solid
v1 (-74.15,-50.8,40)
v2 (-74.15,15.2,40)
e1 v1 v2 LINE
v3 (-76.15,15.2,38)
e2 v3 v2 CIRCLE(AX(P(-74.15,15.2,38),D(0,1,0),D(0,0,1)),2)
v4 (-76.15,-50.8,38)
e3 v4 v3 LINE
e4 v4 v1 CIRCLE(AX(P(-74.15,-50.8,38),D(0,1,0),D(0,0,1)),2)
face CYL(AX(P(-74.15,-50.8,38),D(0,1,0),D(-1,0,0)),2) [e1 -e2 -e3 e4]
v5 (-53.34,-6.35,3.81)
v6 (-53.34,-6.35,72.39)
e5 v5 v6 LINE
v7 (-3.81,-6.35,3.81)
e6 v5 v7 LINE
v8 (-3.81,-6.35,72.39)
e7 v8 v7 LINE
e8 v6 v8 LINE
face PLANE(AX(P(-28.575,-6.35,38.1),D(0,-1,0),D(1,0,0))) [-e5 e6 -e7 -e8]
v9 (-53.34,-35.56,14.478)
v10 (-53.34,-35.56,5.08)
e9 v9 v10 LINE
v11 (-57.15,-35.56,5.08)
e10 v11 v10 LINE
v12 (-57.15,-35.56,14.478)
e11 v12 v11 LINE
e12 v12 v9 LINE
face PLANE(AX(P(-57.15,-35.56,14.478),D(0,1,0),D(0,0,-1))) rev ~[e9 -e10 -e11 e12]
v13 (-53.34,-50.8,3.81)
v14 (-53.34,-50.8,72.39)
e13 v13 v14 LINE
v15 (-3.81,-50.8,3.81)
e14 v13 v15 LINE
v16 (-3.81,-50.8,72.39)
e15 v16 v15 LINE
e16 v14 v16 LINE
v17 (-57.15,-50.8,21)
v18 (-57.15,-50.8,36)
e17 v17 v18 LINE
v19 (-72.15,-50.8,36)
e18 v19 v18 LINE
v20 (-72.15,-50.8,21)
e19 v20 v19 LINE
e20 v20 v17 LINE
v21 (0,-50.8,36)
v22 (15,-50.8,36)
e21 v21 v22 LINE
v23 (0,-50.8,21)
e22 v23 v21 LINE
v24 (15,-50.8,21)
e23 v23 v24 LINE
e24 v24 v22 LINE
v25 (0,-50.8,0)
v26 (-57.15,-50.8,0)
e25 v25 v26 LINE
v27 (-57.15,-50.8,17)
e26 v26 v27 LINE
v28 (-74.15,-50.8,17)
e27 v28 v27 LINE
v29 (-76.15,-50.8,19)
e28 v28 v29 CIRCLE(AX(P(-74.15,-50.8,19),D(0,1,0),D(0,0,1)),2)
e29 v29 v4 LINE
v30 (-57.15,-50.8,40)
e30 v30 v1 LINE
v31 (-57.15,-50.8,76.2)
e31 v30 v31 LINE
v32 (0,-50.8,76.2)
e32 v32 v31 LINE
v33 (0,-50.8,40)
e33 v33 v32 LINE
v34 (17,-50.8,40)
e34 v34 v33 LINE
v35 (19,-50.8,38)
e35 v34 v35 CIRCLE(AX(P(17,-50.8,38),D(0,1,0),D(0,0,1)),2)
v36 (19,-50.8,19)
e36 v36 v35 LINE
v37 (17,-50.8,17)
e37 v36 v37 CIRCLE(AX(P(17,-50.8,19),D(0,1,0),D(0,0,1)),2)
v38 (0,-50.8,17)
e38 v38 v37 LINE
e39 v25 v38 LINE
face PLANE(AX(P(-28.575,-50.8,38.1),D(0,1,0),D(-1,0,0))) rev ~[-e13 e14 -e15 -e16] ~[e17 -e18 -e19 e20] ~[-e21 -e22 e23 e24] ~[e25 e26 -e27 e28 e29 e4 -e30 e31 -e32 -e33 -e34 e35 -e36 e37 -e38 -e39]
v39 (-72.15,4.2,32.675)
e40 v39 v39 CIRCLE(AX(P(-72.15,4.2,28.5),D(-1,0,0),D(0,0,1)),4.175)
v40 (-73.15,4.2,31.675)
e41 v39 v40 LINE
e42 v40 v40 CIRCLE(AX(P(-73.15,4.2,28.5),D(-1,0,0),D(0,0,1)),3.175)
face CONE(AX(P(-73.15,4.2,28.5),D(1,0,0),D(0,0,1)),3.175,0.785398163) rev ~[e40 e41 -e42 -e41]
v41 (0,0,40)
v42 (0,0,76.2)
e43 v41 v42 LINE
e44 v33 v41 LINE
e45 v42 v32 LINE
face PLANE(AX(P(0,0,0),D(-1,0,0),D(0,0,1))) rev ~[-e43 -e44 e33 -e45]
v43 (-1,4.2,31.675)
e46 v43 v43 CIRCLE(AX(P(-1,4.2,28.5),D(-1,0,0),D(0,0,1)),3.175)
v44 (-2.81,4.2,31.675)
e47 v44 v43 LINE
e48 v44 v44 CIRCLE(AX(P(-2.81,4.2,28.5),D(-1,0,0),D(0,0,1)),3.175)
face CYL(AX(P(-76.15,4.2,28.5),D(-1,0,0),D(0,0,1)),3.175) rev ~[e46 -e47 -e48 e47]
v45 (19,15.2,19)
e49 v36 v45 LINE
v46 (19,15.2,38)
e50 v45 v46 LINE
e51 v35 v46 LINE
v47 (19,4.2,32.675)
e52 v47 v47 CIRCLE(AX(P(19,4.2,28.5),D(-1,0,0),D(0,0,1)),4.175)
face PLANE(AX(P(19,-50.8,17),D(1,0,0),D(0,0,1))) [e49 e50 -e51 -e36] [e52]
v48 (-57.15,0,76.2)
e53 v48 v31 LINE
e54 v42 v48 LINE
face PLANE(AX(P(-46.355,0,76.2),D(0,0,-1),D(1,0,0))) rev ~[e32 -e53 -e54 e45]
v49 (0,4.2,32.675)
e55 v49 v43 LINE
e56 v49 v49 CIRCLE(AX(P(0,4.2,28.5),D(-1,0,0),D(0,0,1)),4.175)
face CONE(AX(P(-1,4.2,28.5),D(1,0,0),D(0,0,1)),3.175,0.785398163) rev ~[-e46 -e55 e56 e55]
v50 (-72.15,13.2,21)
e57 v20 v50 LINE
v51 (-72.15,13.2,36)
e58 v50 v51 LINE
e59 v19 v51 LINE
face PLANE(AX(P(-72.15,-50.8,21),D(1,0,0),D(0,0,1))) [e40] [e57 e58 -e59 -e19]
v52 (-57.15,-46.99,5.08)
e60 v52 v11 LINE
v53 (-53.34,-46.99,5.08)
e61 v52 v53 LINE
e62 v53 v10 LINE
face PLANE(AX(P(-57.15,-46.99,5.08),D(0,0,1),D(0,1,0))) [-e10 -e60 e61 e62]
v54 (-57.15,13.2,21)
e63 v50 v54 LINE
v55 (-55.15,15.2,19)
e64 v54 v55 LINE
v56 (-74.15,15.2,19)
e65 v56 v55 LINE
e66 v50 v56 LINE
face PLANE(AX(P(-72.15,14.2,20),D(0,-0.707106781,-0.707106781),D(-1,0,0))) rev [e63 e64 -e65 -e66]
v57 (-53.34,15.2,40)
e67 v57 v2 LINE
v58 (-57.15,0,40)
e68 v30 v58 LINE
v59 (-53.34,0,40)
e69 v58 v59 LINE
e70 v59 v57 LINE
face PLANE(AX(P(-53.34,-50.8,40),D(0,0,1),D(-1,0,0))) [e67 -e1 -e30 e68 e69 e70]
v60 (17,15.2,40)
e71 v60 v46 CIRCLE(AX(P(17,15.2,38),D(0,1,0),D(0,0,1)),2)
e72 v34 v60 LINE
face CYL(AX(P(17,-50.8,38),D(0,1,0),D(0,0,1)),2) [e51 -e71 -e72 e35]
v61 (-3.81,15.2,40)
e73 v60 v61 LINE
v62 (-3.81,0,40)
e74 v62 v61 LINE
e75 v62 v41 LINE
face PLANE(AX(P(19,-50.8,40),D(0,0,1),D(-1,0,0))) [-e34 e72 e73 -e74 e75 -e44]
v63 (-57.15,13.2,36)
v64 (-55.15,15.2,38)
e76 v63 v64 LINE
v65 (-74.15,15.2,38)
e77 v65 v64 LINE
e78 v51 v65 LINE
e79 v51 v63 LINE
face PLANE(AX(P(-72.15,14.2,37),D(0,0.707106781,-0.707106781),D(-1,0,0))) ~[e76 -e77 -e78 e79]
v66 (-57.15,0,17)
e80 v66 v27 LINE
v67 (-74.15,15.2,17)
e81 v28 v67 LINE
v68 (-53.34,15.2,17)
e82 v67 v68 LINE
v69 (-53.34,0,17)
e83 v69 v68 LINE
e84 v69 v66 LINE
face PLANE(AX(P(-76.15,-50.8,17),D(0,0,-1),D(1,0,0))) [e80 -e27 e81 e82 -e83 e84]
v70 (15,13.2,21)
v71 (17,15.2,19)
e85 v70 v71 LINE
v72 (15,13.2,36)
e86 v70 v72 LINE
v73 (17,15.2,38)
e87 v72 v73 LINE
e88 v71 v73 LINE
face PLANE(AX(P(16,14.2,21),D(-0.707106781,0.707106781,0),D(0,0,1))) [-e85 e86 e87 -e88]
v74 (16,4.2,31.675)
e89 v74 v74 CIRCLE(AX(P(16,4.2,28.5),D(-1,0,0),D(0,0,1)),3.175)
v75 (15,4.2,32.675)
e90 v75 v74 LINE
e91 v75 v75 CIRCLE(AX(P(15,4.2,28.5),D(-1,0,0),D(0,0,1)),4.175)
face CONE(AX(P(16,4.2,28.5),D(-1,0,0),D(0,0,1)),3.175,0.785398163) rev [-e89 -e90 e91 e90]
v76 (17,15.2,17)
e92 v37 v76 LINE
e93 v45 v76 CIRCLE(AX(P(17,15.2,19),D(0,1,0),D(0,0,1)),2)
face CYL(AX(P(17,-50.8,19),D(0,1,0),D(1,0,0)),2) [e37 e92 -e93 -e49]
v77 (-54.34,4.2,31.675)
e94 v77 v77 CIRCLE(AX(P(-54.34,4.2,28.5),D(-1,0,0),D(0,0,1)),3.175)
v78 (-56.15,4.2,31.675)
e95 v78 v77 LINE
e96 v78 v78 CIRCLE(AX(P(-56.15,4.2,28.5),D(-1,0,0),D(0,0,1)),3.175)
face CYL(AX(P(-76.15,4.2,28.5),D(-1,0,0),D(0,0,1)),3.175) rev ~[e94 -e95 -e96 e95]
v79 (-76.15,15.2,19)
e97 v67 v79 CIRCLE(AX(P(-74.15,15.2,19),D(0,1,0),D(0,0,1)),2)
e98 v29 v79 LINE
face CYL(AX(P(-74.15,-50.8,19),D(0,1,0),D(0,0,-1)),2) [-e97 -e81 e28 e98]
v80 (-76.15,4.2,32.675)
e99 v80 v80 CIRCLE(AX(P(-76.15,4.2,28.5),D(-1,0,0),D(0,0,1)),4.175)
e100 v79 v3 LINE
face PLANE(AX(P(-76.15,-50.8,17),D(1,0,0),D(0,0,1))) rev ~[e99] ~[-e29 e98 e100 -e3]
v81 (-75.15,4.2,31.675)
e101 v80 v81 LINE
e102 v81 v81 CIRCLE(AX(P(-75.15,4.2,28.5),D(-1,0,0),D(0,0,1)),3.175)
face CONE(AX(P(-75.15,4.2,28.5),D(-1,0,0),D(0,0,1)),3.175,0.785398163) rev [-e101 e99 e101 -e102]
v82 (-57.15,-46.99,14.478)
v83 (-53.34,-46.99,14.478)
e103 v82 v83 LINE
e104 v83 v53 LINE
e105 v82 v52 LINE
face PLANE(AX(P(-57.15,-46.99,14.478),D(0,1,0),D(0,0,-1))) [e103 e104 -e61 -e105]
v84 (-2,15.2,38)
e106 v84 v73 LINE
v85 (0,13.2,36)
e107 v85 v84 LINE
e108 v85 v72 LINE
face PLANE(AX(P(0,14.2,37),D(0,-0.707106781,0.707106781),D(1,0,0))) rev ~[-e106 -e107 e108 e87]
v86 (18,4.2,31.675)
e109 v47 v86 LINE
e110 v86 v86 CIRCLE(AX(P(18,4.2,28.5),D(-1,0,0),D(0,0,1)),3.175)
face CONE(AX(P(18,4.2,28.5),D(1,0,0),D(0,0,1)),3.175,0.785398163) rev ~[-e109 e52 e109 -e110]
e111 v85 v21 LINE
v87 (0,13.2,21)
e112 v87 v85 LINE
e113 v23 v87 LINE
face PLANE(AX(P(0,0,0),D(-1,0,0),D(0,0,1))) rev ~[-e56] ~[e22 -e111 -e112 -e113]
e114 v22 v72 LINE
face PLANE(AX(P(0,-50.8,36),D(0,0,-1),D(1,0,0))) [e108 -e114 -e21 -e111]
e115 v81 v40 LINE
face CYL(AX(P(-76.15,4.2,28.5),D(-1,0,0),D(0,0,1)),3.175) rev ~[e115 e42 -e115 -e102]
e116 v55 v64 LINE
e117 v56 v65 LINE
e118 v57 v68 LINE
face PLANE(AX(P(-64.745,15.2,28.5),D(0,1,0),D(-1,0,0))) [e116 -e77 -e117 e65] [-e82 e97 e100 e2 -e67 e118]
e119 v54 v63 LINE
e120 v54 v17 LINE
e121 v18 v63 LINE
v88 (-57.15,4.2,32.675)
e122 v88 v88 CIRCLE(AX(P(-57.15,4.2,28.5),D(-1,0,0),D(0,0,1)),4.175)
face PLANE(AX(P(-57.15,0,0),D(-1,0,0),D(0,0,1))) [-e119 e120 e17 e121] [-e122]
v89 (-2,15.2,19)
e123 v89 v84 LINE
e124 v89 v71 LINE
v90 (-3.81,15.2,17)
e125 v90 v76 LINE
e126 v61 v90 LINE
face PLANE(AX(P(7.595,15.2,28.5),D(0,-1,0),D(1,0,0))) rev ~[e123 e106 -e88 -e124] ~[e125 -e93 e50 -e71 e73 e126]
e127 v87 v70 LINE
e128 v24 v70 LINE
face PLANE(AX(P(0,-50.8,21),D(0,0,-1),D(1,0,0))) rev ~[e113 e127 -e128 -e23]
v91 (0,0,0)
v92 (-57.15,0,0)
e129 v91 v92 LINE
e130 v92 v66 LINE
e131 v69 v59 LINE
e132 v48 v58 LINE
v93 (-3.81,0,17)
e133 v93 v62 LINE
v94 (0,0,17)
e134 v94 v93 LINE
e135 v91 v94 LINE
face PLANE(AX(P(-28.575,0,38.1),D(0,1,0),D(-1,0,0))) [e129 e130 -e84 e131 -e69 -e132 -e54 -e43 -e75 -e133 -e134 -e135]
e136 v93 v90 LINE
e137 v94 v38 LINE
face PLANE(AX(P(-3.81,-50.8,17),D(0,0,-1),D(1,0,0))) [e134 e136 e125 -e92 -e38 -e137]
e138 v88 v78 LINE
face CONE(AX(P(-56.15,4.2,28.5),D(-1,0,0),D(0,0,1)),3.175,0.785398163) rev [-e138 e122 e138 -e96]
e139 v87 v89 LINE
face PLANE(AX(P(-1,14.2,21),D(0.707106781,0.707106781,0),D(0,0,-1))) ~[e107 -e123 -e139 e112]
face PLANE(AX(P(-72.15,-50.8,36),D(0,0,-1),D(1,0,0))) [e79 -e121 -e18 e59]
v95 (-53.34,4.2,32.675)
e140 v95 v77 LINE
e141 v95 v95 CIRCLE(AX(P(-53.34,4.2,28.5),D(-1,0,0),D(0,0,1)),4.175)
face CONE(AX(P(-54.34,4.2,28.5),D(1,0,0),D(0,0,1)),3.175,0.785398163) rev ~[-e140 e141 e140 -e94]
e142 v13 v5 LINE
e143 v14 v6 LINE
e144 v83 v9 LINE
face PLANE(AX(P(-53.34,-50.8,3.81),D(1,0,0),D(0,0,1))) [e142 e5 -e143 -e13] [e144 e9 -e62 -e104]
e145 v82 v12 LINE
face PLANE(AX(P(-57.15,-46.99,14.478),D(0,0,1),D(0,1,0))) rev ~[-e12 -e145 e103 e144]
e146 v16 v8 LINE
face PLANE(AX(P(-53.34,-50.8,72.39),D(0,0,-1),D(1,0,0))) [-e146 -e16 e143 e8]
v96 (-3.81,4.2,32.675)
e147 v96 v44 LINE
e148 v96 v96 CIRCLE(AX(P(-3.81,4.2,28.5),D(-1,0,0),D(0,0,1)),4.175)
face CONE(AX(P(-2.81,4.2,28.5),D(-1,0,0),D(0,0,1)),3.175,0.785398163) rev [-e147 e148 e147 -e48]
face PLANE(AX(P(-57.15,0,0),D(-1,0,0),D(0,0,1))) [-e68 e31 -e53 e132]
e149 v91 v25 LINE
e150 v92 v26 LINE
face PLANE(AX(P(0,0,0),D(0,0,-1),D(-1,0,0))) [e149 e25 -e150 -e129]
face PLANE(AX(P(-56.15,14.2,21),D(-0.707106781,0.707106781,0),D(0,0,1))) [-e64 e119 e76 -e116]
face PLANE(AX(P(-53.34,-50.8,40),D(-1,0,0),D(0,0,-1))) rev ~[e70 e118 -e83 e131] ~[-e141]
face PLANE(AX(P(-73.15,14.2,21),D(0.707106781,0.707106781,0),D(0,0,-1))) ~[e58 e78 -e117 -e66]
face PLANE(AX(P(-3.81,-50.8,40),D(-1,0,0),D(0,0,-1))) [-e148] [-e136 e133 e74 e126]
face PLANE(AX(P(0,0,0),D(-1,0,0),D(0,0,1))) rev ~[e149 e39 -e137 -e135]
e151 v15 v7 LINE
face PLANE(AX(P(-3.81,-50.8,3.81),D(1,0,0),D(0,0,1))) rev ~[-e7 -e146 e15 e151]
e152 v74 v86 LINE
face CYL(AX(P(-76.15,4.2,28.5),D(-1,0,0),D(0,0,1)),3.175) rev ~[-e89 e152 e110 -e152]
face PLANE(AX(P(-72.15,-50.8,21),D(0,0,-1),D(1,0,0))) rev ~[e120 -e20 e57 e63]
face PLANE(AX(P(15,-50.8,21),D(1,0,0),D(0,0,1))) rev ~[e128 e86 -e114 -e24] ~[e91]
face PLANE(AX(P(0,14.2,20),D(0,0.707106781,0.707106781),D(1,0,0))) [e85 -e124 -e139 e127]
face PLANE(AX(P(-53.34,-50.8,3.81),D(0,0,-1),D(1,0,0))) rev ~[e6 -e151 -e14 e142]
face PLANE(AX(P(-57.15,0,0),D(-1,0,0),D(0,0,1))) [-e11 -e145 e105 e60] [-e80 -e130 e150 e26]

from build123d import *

# Parameters (mm, degrees)
SKETCH3_W                         = 57.15
SKETCH3_H                         = 76.2
BOSS_EXTRUDE2_DEPTH               = 50.8
SKETCH4_W                         = 49.53
SKETCH4_H                         = 68.58
CUT_EXTRUDE2_DEPTH                = 44.45
CUT_EXTRUDE3_REACH                = 109.95
SKETCH5_W                         = 9.398
SKETCH5_H                         = 11.43
MOTOR_MOUNTING_SHAPE_DEPTH        = 57.15
MOTOR_MOUNTING_HOLES_REACH        = 131.428
SKETCH8_R                         = 1.6
SKETCH7_W                         = 7.62
SKETCH7_H                         = 29.66
TRAY_SUPPORT_MOUNTING_SHAPE_DEPTH = 44.45
SKETCH9_W                         = 15
SKETCH9_H                         = 15
BOSS_EXTRUDE3_DEPTH               = 66
SKETCH10_R                        = 3.175
CUT_EXTRUDE4_DEPTH                = 133.062873284
CHAMFER1_SIZE                     = 2
FILLET1_R                         = 2
CHAMFER2_SIZE                     = 1
CUT_EXTRUDE5_DEPTH                = 120.104586394


with BuildPart() as part:
    # Sketch3 → Boss-Extrude2 (new body)
    with BuildSketch(Plane(origin=(0, 0, 0), x_dir=(-1, 0, 0), z_dir=(0, 1, 0))):
        with Locations((28.575, 38.1)):
            Rectangle(SKETCH3_W, SKETCH3_H)
    extrude(amount=-BOSS_EXTRUDE2_DEPTH)

    # Sketch4 → Cut-Extrude2 (cut)
    with BuildSketch(Plane.XZ.offset(50.8)):
        with Locations((-28.575, 38.1)):
            Rectangle(SKETCH4_W, SKETCH4_H)
    extrude(amount=-CUT_EXTRUDE2_DEPTH, mode=Mode.SUBTRACT)

    # Sketch5 → Cut-Extrude3 (cut, up to next)
    with BuildSketch(Plane(origin=(-57.15, 0, 0), x_dir=(0, 0, -1), z_dir=(1, 0, 0)), mode=Mode.PRIVATE) as cut_extrude3_sk1:
        with Locations((-9.779, -41.275)):
            Rectangle(SKETCH5_W, SKETCH5_H)
    cut_extrude3_tool1 = extrude(cut_extrude3_sk1.sketch, amount=CUT_EXTRUDE3_REACH, mode=Mode.PRIVATE) & part.part
    add(cut_extrude3_tool1.solids().sort_by_distance((-57.15, -41.275, 9.779))[0], mode=Mode.SUBTRACT)

    # Sketch6 → Motor Mounting Shape (add)
    with BuildSketch(Plane.ZY.offset(57.15)):
        Polygon((46.54, 0), (46.54, 36.83), (0, 36.83), (0, 34.29), (44, 34.29), (44, 0), align=None)
    extrude(amount=-MOTOR_MOUNTING_SHAPE_DEPTH)

    # Sketch8 → Motor-Mounting-Holes (cut, up to next)
    with BuildSketch(Plane(origin=(0, 36.83, 0), x_dir=(1, 0, 0), z_dir=(0, 1, 0)), mode=Mode.PRIVATE) as motor_mounting_holes_sk1:
        with Locations(Location((-44.075, -7.77, 0), (0, 0, 270))):
            Circle(SKETCH8_R)
    motor_mounting_holes_tool1 = extrude(motor_mounting_holes_sk1.sketch, amount=-MOTOR_MOUNTING_HOLES_REACH, mode=Mode.PRIVATE) & part.part
    # Sketch8 → Motor-Mounting-Holes (cut, up to next)
    with BuildSketch(Plane(origin=(0, 36.83, 0), x_dir=(1, 0, 0), z_dir=(0, 1, 0)), mode=Mode.PRIVATE) as motor_mounting_holes_sk2:
        with Locations(Location((-13.075, -7.77, 0), (0, 0, 270))):
            Circle(SKETCH8_R)
    motor_mounting_holes_tool2 = extrude(motor_mounting_holes_sk2.sketch, amount=-MOTOR_MOUNTING_HOLES_REACH, mode=Mode.PRIVATE) & part.part
    # Sketch8 → Motor-Mounting-Holes (cut, up to next)
    with BuildSketch(Plane(origin=(0, 36.83, 0), x_dir=(1, 0, 0), z_dir=(0, 1, 0)), mode=Mode.PRIVATE) as motor_mounting_holes_sk3:
        with Locations(Location((-13.075, -38.77, 0), (0, 0, 270))):
            Circle(SKETCH8_R)
    motor_mounting_holes_tool3 = extrude(motor_mounting_holes_sk3.sketch, amount=-MOTOR_MOUNTING_HOLES_REACH, mode=Mode.PRIVATE) & part.part
    # Sketch8 → Motor-Mounting-Holes (cut, up to next)
    with BuildSketch(Plane(origin=(0, 36.83, 0), x_dir=(1, 0, 0), z_dir=(0, 1, 0)), mode=Mode.PRIVATE) as motor_mounting_holes_sk4:
        with Locations(Location((-44.075, -38.77, 0), (0, 0, 270))):
            Circle(SKETCH8_R)
    motor_mounting_holes_tool4 = extrude(motor_mounting_holes_sk4.sketch, amount=-MOTOR_MOUNTING_HOLES_REACH, mode=Mode.PRIVATE) & part.part
    # Sketch8 → Motor-Mounting-Holes (cut, up to next)
    with BuildSketch(Plane(origin=(0, 36.83, 0), x_dir=(1, 0, 0), z_dir=(0, 1, 0)), mode=Mode.PRIVATE) as motor_mounting_holes_sk5:
        with BuildLine():
            Line((-37.465, 0), (-19.685, 0))
            Line((-19.685, 0), (-19.685, -23.27))
            ThreePointArc((-19.685, -23.27), (-28.575, -32.16), (-37.465, -23.27))
            Line((-37.465, -23.27), (-37.465, 0))
        make_face()
    motor_mounting_holes_tool5 = extrude(motor_mounting_holes_sk5.sketch, amount=-MOTOR_MOUNTING_HOLES_REACH, mode=Mode.PRIVATE) & part.part
    add(motor_mounting_holes_tool1.solids().sort_by_distance((-44.075, 36.83, 7.77))[0], mode=Mode.SUBTRACT)
    add(motor_mounting_holes_tool2.solids().sort_by_distance((-13.075, 36.83, 7.77))[0], mode=Mode.SUBTRACT)
    add(motor_mounting_holes_tool3.solids().sort_by_distance((-13.075, 36.83, 38.77))[0], mode=Mode.SUBTRACT)
    add(motor_mounting_holes_tool4.solids().sort_by_distance((-44.075, 36.83, 38.77))[0], mode=Mode.SUBTRACT)
    add(motor_mounting_holes_tool5.solids().sort_by_distance((-28.575, 36.83, 15.191166))[0], mode=Mode.SUBTRACT)

    # Sketch7 → Tray Support Mounting Shape (add)
    with BuildSketch(Plane(origin=(0, 0, 0), x_dir=(1, 0, 0), z_dir=(0, 1, 0))):
        with Locations((-42.545, -61.37)):
            Rectangle(SKETCH7_W, SKETCH7_H)
        with Locations((-14.605, -61.37)):
            Rectangle(SKETCH7_W, SKETCH7_H)
    extrude(amount=TRAY_SUPPORT_MOUNTING_SHAPE_DEPTH)

    # Sketch9 → Boss-Extrude3 (add)
    # profile 1 of 2: a face of its own
    with BuildSketch(Plane.XZ.offset(50.8)):
        Polygon((0, 40), (-3.81, 40), (-3.81, 17), (0, 17), (19, 17), (19, 40), align=None)
        with Locations((7.5, 28.5)):
            Rectangle(SKETCH9_W, SKETCH9_H, mode=Mode.SUBTRACT)
    # profile 2 of 2: a face of its own
    with BuildSketch(Plane.XZ.offset(50.8)):
        Polygon((-53.34, 17), (-57.15, 17), (-76.15, 17), (-76.15, 40), (-57.15, 40), (-53.34, 40), align=None)
        with Locations((-64.65, 28.5)):
            Rectangle(SKETCH9_W, SKETCH9_H, mode=Mode.SUBTRACT)
    extrude(amount=-BOSS_EXTRUDE3_DEPTH)

    # Sketch10 → Cut-Extrude4 (cut, through all)
    with BuildSketch(Plane.ZY.offset(76.15)):
        with Locations((28.5, 4.2)):
            Circle(SKETCH10_R)
    extrude(amount=-CUT_EXTRUDE4_DEPTH, mode=Mode.SUBTRACT)

    # Chamfer1
    chamfer1_edges = [part.edges().sort_by_distance(p)[0] for p in [
        (0, 15.2, 28.5),
        (7.5, 15.2, 36),
        (15, 15.2, 28.5),
        (7.5, 15.2, 21),
        (-64.65, 15.2, 36),
        (-72.15, 15.2, 28.5),
        (-64.65, 15.2, 21),
        (-57.15, 15.2, 28.5),
    ]]
    chamfer(chamfer1_edges, length=CHAMFER1_SIZE)

    # Fillet1
    fillet1_edges = [part.edges().sort_by_distance(p)[0] for p in [
        (19, -17.8, 17),
        (19, -17.8, 40),
        (-76.15, -17.8, 40),
        (-76.15, -17.8, 17),
    ]]
    fillet(fillet1_edges, radius=FILLET1_R)

    # Chamfer2
    chamfer2_edges = [part.edges().sort_by_distance(p)[0] for p in [
        (-57.15, 4.2, 25.325),
        (15, 4.2, 25.325),
        (0, 4.2, 25.325),
        (-3.81, 4.2, 25.325),
        (-53.34, 4.2, 25.325),
        (-72.15, 4.2, 25.325),
        (19, 4.2, 25.325),
        (-76.15, 4.2, 25.325),
    ]]
    chamfer(chamfer2_edges, length=CHAMFER2_SIZE)

    # Sketch11 → Cut-Extrude5 (cut, through all)
    with BuildSketch(Plane(origin=(0, 0, 0), x_dir=(0, 0, -1), z_dir=(1, 0, 0))):
        Polygon((-44, 0), (-44, 34.29), (0, 34.29), (0, 51.599341861), (-81.196180942, 51.599341861), (-81.196180942, 0), align=None)
    extrude(amount=-CUT_EXTRUDE5_DEPTH, mode=Mode.SUBTRACT)


solid = part.part
